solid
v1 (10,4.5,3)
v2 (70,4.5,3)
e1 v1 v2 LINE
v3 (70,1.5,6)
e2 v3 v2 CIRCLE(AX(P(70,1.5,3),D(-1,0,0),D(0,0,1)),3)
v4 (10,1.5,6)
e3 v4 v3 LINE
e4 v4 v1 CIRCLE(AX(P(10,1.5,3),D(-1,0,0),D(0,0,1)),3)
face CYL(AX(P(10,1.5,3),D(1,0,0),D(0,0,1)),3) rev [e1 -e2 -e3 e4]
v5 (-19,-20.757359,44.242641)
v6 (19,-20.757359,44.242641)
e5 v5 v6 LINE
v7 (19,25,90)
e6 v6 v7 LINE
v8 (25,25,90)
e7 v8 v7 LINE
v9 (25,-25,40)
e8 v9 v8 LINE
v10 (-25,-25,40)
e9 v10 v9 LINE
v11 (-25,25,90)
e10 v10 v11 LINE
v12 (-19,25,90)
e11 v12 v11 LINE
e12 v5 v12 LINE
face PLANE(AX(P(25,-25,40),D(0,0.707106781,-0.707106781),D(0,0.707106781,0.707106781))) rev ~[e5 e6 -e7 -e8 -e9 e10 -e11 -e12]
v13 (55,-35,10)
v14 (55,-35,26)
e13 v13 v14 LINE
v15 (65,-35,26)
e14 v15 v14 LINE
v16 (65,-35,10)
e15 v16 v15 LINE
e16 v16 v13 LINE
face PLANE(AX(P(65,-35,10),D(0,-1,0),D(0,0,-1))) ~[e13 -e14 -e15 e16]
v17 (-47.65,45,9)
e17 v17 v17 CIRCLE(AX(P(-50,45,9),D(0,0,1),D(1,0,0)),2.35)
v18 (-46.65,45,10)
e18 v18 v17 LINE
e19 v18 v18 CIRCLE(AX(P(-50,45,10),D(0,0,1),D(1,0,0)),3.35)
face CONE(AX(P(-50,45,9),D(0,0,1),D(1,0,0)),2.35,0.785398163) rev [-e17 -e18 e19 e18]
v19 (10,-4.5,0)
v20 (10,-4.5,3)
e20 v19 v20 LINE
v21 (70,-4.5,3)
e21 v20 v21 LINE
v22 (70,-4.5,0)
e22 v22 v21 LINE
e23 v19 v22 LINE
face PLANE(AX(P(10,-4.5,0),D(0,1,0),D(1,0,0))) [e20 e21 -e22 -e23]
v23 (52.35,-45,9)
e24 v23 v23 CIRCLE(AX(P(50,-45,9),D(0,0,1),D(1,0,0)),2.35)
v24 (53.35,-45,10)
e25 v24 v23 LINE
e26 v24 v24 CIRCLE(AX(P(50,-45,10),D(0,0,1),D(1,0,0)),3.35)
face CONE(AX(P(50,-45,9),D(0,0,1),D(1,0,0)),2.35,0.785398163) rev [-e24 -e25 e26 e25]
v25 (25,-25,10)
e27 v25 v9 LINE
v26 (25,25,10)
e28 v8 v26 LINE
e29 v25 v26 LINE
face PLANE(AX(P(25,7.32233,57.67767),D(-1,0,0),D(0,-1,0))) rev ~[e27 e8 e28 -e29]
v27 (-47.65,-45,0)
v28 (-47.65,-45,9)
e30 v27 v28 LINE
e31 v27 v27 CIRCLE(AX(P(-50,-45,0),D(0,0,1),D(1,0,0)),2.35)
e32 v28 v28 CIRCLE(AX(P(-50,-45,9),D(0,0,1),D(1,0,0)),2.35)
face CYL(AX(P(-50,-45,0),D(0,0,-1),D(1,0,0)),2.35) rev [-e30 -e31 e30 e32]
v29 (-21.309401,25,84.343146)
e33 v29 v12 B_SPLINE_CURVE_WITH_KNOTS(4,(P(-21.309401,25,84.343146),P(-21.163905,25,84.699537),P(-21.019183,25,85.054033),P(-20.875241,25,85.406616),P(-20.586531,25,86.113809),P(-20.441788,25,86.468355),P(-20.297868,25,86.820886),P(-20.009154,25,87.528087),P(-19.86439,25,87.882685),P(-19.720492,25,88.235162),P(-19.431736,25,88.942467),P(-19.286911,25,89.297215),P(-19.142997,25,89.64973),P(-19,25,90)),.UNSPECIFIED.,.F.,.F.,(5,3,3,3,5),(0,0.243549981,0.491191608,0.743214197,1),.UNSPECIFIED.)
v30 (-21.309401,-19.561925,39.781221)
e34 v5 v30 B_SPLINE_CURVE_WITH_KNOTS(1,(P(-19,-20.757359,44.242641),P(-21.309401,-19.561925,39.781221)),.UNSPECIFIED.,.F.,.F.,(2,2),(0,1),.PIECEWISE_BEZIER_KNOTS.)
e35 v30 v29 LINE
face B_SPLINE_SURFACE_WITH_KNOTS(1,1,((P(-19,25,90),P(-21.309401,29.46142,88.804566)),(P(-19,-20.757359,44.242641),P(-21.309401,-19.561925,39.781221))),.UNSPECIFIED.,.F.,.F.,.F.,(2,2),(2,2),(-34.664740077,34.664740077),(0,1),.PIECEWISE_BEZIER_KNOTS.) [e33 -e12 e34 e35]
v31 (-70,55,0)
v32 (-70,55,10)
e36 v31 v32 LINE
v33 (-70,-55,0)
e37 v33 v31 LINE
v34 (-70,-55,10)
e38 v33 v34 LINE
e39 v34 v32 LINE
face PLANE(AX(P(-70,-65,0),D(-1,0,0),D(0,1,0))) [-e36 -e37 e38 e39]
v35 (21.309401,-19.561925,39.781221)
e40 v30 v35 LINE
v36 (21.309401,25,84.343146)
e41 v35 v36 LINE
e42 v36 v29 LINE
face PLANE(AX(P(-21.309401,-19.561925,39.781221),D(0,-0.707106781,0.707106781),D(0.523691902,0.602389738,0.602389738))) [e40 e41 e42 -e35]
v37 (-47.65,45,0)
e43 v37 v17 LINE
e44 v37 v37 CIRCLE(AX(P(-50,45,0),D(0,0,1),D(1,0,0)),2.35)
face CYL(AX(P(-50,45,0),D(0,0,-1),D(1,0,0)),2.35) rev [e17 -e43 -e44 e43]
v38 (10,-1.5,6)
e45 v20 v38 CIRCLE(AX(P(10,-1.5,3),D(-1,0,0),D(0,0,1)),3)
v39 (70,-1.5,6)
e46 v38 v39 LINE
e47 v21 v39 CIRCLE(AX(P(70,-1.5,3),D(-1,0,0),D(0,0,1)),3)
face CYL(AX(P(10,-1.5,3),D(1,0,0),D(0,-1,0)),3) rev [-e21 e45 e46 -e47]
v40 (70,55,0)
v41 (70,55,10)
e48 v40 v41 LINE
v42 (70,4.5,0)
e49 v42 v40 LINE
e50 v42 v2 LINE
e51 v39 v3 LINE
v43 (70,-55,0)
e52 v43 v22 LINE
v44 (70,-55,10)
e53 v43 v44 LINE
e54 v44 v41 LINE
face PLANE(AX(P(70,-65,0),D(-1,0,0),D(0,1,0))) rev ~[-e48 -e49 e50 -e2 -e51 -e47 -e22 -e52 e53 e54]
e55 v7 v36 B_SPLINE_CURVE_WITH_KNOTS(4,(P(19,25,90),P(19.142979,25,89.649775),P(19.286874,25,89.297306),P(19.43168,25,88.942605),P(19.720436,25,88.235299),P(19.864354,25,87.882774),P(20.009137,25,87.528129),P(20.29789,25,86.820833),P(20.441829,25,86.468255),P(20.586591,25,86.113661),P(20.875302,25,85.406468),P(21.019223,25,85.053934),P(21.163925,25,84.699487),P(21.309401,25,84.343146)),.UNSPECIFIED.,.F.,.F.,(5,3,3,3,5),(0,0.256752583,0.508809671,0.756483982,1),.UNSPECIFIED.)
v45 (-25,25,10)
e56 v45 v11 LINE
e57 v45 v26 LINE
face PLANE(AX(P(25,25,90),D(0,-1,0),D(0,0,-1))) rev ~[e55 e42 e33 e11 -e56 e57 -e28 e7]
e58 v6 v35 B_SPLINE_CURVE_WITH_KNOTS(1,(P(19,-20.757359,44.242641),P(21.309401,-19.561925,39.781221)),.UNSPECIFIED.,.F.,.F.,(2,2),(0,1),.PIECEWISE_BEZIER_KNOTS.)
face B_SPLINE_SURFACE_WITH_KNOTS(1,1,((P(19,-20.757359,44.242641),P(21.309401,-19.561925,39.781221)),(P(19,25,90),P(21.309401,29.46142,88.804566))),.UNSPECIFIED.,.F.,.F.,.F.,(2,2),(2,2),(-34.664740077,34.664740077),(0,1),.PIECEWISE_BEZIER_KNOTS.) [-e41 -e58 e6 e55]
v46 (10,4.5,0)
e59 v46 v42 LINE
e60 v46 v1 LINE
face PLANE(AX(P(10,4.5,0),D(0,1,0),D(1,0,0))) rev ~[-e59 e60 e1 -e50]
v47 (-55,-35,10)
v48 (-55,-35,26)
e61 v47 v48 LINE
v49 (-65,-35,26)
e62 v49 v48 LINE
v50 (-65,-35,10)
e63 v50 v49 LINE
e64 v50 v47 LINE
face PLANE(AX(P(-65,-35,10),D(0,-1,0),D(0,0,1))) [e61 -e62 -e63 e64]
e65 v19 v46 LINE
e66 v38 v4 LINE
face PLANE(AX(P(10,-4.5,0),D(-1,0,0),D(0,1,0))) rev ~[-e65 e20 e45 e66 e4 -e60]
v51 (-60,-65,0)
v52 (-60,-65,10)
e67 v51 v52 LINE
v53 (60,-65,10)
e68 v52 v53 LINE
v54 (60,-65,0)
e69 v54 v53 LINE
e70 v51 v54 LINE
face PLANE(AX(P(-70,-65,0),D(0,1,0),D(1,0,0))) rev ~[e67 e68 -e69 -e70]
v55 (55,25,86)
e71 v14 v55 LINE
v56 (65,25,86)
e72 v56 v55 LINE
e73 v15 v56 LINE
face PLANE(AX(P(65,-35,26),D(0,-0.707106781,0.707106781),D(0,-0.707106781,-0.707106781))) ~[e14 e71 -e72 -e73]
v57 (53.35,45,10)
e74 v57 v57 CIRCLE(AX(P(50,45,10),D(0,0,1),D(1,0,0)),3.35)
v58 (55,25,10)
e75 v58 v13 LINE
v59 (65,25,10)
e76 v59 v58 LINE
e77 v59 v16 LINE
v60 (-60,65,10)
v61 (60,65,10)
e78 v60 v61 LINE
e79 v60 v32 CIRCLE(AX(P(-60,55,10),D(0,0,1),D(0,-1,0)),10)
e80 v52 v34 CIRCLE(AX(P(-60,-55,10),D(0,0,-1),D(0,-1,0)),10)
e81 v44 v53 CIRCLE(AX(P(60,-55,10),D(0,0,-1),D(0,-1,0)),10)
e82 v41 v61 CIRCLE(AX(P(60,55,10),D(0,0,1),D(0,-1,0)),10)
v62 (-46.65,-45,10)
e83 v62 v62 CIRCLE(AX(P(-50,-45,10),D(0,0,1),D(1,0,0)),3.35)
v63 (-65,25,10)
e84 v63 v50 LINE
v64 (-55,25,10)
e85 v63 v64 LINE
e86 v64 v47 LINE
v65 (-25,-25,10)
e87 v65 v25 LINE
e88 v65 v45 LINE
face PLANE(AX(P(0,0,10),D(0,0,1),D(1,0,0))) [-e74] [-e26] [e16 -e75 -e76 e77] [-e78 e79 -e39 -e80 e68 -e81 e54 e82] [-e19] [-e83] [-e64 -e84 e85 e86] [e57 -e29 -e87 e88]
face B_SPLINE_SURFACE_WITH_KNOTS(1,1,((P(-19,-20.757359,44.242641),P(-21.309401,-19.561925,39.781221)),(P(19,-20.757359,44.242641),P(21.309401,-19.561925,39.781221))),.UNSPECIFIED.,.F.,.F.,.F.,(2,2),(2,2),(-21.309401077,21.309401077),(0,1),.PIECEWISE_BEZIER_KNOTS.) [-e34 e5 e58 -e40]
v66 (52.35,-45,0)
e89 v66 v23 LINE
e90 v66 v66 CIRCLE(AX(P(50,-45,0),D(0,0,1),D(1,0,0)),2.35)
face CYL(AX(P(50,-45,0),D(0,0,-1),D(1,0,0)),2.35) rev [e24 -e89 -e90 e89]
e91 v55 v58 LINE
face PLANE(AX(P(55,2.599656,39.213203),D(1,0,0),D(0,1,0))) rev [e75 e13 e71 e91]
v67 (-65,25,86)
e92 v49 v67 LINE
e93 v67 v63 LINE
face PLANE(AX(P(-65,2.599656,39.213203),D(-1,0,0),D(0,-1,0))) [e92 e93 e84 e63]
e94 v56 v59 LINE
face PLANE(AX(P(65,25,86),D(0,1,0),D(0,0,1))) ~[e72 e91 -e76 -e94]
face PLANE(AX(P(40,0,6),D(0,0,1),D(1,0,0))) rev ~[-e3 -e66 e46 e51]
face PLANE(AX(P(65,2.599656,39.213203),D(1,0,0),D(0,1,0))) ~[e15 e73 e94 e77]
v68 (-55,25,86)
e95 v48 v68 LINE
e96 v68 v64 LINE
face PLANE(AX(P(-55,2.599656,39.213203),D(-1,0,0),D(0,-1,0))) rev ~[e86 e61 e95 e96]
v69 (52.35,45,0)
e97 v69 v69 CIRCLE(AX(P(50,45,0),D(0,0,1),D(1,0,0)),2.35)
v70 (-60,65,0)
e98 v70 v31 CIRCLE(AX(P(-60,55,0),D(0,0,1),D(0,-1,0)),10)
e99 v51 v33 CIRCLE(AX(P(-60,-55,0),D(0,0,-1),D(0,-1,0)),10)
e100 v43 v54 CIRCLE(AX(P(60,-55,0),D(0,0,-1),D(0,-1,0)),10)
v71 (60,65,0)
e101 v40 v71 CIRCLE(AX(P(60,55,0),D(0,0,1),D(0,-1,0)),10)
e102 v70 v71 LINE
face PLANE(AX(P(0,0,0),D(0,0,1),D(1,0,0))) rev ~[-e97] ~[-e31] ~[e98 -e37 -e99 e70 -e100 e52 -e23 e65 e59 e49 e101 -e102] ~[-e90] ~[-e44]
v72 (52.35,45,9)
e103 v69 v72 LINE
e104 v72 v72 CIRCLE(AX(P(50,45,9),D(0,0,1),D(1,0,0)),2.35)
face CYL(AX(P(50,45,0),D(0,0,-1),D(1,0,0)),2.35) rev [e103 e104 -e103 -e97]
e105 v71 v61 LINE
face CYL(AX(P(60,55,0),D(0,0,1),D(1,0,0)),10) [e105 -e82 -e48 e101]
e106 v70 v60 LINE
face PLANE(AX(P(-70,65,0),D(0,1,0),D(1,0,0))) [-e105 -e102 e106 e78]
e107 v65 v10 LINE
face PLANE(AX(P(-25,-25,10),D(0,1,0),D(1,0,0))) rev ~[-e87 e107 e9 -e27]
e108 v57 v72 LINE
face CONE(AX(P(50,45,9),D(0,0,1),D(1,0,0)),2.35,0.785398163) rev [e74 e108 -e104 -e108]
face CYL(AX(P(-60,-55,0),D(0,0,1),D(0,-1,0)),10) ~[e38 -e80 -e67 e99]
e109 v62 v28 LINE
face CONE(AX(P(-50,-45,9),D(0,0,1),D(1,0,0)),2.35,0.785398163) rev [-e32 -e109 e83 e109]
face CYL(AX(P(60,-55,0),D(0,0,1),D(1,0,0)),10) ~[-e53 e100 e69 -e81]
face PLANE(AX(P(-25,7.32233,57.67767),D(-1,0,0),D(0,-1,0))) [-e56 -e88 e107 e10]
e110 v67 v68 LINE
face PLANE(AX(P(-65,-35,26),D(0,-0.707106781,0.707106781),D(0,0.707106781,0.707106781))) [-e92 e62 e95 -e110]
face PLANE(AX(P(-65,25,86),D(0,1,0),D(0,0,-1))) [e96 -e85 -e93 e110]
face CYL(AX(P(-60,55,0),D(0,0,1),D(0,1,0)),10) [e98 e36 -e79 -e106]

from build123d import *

# Parameters (mm, degrees)
SKETCH_W        = 140
SKETCH_H        = 130
SKETCH_R        = 2.35
PAD_DEPTH       = 10
SKETCH001_W     = 50
SKETCH001_H     = 50
PAD001_DEPTH    = 30
PAD002_DEPTH    = 50
FILLET_R        = 10
CHAMFER_SIZE    = 1
SKETCH003_W     = 38
SKETCH003_H     = 64.710678
POCKET_DEPTH    = 4
POCKET_TAPER    = -30
PAD003_DEPTH    = 10
SKETCH005_W     = 60
SKETCH005_H     = 9
POCKET001_DEPTH = 6
FILLET001_R     = 3


with BuildPart() as part:
    # Sketch → Pad (new body)
    with BuildSketch(Plane.XY):
        Rectangle(SKETCH_W, SKETCH_H)
        with Locations((-50, 45)):
            Circle(SKETCH_R, mode=Mode.SUBTRACT)
        with Locations((50, 45)):
            Circle(SKETCH_R, mode=Mode.SUBTRACT)
        with Locations((-50, -45)):
            Circle(SKETCH_R, mode=Mode.SUBTRACT)
        with Locations((50, -45)):
            Circle(SKETCH_R, mode=Mode.SUBTRACT)
    extrude(amount=PAD_DEPTH)

    # Sketch001 (on Face10 of Pad) → Pad001 (join)
    with BuildSketch(Plane.XY.offset(10)):
        Rectangle(SKETCH001_W, SKETCH001_H)
    extrude(amount=PAD001_DEPTH)

    # Sketch002 (on DatumPlane) → Pad002 (join)
    with BuildSketch(Plane.YZ.offset(25)):
        Polygon((-25, 40), (25, 90), (25, 40), align=None)
    extrude(amount=-PAD002_DEPTH)

    # Fillet
    fillet_edges = [part.edges().sort_by_distance(p)[0] for p in [
        (70, -65, 5),
        (70, 65, 5),
        (-70, -65, 5),
        (-70, 65, 5),
    ]]
    fillet(fillet_edges, radius=FILLET_R)

    # Chamfer
    chamfer_edges = [part.edges().sort_by_distance(p)[0] for p in [
        (-52.35, -45, 10),
        (47.65, -45, 10),
        (47.65, 45, 10),
        (-52.35, 45, 10),
    ]]
    chamfer(chamfer_edges, length=CHAMFER_SIZE)

    # Sketch003 (on Face21 of Chamfer) → Pocket (cut)
    with BuildSketch(Plane(origin=(0, -32.5, 32.5), x_dir=(1, 0, 0), z_dir=(0, -0.707107, 0.707107))):
        with Locations((0, 48.961941)):
            Rectangle(SKETCH003_W, SKETCH003_H)
    extrude(amount=-POCKET_DEPTH, taper=POCKET_TAPER, mode=Mode.SUBTRACT)

    # Sketch004 → Pad003 (join)
    with BuildSketch(Plane.YZ.offset(-65)):
        Polygon((-35, 10), (-35, 26), (25, 86), (25, 10), align=None)
    pad003 = extrude(amount=PAD003_DEPTH)

    # Mirrored: Pad003 across YZ
    add(pad003.mirror(Plane.YZ))

    # Sketch005 → Pocket001 (cut)
    with BuildSketch(Plane.XY):
        with Locations((40, 0)):
            Rectangle(SKETCH005_W, SKETCH005_H)
    extrude(amount=POCKET001_DEPTH, mode=Mode.SUBTRACT)

    # Fillet001
    fillet001_edges = [part.edges().sort_by_distance(p)[0] for p in [
        (40, 4.5, 6),
        (40, -4.5, 6),
    ]]
    fillet(fillet001_edges, radius=FILLET001_R)


solid = part.part
